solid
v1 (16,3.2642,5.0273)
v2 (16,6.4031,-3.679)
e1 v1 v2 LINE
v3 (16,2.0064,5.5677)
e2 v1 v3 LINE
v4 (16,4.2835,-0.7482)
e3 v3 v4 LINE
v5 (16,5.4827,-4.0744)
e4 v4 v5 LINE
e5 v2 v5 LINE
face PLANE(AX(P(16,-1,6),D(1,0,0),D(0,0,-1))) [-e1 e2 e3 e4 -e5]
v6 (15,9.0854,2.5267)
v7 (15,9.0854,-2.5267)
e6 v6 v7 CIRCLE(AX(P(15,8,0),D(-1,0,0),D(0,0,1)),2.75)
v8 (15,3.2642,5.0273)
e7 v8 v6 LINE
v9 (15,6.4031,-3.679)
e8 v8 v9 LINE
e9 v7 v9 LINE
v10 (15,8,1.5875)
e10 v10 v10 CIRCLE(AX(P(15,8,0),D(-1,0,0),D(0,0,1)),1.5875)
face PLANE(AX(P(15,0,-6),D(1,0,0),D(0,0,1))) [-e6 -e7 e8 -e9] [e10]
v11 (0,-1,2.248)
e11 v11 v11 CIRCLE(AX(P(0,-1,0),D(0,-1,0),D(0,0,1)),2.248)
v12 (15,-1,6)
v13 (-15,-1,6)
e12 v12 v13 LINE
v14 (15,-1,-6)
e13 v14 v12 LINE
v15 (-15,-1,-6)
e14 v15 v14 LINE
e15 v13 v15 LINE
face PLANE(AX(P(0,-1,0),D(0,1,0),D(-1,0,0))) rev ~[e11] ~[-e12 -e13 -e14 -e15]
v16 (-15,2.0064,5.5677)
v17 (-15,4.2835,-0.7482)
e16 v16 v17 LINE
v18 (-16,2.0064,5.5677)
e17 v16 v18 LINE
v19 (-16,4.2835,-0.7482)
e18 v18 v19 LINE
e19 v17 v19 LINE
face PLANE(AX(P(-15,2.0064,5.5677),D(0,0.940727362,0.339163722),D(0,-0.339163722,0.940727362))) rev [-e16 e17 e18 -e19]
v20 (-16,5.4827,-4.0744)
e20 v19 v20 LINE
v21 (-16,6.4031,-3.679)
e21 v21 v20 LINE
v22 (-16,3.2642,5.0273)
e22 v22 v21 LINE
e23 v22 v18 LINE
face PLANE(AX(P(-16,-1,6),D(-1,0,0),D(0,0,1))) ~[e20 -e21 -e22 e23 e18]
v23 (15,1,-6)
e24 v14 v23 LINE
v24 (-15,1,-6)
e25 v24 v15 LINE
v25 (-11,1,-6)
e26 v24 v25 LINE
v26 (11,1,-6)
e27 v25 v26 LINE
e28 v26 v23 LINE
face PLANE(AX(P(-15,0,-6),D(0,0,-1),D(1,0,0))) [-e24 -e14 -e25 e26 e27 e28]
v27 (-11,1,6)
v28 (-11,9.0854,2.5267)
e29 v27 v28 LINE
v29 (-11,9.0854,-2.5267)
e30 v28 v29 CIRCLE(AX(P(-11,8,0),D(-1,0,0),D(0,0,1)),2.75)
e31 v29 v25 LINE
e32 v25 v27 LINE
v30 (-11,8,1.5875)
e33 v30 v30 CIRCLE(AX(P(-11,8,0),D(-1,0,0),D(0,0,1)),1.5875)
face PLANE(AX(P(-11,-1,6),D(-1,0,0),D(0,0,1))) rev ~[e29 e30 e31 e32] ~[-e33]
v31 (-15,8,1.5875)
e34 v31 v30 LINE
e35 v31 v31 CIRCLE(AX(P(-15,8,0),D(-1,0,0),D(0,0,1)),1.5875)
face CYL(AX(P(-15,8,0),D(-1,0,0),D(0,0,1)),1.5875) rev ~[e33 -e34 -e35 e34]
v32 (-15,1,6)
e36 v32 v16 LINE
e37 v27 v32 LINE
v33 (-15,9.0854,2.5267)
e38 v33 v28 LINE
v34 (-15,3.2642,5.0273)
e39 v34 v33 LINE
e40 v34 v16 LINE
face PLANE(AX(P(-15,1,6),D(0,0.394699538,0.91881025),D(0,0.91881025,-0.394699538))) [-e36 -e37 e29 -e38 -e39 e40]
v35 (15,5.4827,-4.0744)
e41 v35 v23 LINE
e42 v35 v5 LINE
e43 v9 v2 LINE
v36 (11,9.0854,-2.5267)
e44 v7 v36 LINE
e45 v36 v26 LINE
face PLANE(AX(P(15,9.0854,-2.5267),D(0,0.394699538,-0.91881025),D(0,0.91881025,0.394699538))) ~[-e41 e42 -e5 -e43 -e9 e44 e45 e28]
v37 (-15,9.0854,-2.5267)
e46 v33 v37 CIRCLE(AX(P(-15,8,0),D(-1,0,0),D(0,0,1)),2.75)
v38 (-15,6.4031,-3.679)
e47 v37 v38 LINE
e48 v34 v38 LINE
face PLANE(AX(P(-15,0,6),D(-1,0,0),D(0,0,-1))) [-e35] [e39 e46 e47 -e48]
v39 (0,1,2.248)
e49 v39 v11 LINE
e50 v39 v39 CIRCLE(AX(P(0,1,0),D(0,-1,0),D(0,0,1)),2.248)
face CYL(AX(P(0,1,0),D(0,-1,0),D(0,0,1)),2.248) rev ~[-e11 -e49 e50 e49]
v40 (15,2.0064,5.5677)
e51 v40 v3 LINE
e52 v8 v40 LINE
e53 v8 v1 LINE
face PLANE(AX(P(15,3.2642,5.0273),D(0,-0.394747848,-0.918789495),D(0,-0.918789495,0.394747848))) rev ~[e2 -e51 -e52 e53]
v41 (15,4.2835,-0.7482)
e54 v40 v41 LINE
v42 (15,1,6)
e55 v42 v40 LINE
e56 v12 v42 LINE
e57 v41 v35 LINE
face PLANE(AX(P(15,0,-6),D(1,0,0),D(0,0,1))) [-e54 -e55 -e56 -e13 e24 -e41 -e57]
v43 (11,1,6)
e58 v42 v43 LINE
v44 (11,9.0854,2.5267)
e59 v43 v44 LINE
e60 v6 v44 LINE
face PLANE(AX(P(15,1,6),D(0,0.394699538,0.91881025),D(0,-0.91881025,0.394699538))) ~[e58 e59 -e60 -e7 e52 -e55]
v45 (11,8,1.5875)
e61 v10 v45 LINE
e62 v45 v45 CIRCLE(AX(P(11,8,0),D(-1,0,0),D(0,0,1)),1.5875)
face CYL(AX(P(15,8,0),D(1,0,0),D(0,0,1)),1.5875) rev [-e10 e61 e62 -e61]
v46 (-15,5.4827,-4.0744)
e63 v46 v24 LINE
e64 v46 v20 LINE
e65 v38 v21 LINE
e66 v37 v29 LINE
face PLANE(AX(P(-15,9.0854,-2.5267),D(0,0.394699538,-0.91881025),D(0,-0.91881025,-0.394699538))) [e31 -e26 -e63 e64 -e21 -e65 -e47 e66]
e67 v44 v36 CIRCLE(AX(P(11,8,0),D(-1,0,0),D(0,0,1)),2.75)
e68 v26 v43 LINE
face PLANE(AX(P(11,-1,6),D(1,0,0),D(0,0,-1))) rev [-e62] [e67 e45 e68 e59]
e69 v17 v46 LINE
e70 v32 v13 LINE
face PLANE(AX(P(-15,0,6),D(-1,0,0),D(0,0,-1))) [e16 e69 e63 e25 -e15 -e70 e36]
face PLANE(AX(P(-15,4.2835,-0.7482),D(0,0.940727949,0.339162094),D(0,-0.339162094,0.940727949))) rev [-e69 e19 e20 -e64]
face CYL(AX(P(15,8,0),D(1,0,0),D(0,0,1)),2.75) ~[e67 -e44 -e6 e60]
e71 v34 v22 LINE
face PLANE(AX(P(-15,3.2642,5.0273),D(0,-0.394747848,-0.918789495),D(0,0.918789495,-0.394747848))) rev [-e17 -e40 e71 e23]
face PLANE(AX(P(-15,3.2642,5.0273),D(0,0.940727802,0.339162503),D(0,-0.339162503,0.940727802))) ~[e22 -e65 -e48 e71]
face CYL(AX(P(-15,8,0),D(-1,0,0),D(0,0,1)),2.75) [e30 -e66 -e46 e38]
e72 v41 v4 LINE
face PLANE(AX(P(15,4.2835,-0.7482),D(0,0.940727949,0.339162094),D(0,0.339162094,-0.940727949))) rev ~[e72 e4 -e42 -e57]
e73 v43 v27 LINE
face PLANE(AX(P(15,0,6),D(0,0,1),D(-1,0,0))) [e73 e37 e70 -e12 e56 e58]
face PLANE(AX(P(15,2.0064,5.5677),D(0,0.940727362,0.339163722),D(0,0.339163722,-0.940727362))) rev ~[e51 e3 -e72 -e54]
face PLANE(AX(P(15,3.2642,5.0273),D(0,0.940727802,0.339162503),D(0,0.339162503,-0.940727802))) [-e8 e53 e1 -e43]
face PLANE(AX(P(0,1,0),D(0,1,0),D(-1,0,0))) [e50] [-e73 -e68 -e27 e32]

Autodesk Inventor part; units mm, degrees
ref_plane "YZ Plane" through (0, 0, 0) normal (1, 0, 0) x (0, 1, 0)
ref_plane "XZ Plane" through (0, 0, 0) normal (0, 1, 0) x (-1, 0, 0)
ref_plane "XY Plane" through (0, 0, 0) normal (0, 0, 1) x (1, 0, 0)
sketch "Sketch1" plane through (0, 0, 0) normal (0, 1, 0) x (-1, 0, 0)
  line L0 (-15, 6) -> (15, 6)
  line L1 (15, 6) -> (15, -6)
  line L2 (15, -6) -> (-15, -6)
  line L3 (-15, -6) -> (-15, 6)
  line L4 (-15, 6) -> (15, -6) construction
  line L5 (15, 6) -> (-15, -6) construction
  point P0 (0, 0)
  dimension "d0" = 12
  dimension "d1" = 30
extrude "Extrusion1" add sketch "Sketch1" along normal mid plane 2
sketch "Sketch2" plane through (-15, -1, 6) normal (-1, 0, 0) x (0, 0, 1)
  circle A0 centre (-6, 9) radius 1.5875
  circle A1 centre (-6, 9) radius 2.75
  line L0 (-8.5267, 10.0854) -> (-12, 2)
  line L1 (0, 0) -> (0, 2) projected
  line L2 (-12, 2) -> (0, 2)
  line L3 (0, 2) -> (-3.4733, 10.0854)
  point P0 (-6, 1)
  dimension "d4" = 3.175
  dimension "d5" = 5.5
  dimension "d6" = 7
extrude "Extrusion2" add sketch "Sketch2" against normal blind 4
mirror "Mirror1" about plane through (0, 0, 0) normal (1, 0, 0) of "Extrusion2"
sketch "Sketch5" plane through (15, -1, 6) normal (1, 0, 0) x (0, 0, -1)
  line L0 (8.5267, 10.0854) -> (12, 2) projected
  line L1 (12, 2) -> (8.5267, 10.0854) projected
  line L2 (0.9727, 4.2642) -> (0.4323, 3.0064)
  line L3 (0, 2) -> (3.4733, 10.0854) projected
  circle A0 centre (6, 9) radius 1.5875 projected
  circle A1 centre (6, 9) radius 2.75 construction
  line L4 (6.7482, 5.2835) -> (10.0744, 6.4827)
  line L5 (0.4323, 3.0064) -> (10.0744, 6.4827)
  arc A2 (8.5267, 10.0854) -> (3.4733, 10.0854) centre (6, 9) ccw projected
  line L6 (9.679, 7.4031) -> (10.0744, 6.4827)
  line L7 (0.9727, 4.2642) -> (9.679, 7.4031)
  line L8 (12, 0) -> (0, 0) projected
  point P0 (6, 1)
  dimension "d23" = 1
  dimension "d24" = 3.0064
extrude "Extrusion5" add sketch "Sketch5" along normal blind 1 contours L0 L4 L5 L2 L7
mirror "Mirror2" about plane through (0, 0, 0) normal (1, 0, 0) of "Extrusion5"
sketch "Sketch6" plane through (0, 1, 0) normal (0, 1, 0) x (1, 0, 0)
  point P0 (0, 0)
  point P1 (0, 0)
hole "Hole1" at (0, 1, 0) direction (0, -1, 0) diameter 4.496 depth 5.692 tip angle 118 clearance for "Flat Head Machine Screw (82)" size "#8" standard "Ansi Unified Screw Threads"
properties part number "EpoxyFiberMountBase"
